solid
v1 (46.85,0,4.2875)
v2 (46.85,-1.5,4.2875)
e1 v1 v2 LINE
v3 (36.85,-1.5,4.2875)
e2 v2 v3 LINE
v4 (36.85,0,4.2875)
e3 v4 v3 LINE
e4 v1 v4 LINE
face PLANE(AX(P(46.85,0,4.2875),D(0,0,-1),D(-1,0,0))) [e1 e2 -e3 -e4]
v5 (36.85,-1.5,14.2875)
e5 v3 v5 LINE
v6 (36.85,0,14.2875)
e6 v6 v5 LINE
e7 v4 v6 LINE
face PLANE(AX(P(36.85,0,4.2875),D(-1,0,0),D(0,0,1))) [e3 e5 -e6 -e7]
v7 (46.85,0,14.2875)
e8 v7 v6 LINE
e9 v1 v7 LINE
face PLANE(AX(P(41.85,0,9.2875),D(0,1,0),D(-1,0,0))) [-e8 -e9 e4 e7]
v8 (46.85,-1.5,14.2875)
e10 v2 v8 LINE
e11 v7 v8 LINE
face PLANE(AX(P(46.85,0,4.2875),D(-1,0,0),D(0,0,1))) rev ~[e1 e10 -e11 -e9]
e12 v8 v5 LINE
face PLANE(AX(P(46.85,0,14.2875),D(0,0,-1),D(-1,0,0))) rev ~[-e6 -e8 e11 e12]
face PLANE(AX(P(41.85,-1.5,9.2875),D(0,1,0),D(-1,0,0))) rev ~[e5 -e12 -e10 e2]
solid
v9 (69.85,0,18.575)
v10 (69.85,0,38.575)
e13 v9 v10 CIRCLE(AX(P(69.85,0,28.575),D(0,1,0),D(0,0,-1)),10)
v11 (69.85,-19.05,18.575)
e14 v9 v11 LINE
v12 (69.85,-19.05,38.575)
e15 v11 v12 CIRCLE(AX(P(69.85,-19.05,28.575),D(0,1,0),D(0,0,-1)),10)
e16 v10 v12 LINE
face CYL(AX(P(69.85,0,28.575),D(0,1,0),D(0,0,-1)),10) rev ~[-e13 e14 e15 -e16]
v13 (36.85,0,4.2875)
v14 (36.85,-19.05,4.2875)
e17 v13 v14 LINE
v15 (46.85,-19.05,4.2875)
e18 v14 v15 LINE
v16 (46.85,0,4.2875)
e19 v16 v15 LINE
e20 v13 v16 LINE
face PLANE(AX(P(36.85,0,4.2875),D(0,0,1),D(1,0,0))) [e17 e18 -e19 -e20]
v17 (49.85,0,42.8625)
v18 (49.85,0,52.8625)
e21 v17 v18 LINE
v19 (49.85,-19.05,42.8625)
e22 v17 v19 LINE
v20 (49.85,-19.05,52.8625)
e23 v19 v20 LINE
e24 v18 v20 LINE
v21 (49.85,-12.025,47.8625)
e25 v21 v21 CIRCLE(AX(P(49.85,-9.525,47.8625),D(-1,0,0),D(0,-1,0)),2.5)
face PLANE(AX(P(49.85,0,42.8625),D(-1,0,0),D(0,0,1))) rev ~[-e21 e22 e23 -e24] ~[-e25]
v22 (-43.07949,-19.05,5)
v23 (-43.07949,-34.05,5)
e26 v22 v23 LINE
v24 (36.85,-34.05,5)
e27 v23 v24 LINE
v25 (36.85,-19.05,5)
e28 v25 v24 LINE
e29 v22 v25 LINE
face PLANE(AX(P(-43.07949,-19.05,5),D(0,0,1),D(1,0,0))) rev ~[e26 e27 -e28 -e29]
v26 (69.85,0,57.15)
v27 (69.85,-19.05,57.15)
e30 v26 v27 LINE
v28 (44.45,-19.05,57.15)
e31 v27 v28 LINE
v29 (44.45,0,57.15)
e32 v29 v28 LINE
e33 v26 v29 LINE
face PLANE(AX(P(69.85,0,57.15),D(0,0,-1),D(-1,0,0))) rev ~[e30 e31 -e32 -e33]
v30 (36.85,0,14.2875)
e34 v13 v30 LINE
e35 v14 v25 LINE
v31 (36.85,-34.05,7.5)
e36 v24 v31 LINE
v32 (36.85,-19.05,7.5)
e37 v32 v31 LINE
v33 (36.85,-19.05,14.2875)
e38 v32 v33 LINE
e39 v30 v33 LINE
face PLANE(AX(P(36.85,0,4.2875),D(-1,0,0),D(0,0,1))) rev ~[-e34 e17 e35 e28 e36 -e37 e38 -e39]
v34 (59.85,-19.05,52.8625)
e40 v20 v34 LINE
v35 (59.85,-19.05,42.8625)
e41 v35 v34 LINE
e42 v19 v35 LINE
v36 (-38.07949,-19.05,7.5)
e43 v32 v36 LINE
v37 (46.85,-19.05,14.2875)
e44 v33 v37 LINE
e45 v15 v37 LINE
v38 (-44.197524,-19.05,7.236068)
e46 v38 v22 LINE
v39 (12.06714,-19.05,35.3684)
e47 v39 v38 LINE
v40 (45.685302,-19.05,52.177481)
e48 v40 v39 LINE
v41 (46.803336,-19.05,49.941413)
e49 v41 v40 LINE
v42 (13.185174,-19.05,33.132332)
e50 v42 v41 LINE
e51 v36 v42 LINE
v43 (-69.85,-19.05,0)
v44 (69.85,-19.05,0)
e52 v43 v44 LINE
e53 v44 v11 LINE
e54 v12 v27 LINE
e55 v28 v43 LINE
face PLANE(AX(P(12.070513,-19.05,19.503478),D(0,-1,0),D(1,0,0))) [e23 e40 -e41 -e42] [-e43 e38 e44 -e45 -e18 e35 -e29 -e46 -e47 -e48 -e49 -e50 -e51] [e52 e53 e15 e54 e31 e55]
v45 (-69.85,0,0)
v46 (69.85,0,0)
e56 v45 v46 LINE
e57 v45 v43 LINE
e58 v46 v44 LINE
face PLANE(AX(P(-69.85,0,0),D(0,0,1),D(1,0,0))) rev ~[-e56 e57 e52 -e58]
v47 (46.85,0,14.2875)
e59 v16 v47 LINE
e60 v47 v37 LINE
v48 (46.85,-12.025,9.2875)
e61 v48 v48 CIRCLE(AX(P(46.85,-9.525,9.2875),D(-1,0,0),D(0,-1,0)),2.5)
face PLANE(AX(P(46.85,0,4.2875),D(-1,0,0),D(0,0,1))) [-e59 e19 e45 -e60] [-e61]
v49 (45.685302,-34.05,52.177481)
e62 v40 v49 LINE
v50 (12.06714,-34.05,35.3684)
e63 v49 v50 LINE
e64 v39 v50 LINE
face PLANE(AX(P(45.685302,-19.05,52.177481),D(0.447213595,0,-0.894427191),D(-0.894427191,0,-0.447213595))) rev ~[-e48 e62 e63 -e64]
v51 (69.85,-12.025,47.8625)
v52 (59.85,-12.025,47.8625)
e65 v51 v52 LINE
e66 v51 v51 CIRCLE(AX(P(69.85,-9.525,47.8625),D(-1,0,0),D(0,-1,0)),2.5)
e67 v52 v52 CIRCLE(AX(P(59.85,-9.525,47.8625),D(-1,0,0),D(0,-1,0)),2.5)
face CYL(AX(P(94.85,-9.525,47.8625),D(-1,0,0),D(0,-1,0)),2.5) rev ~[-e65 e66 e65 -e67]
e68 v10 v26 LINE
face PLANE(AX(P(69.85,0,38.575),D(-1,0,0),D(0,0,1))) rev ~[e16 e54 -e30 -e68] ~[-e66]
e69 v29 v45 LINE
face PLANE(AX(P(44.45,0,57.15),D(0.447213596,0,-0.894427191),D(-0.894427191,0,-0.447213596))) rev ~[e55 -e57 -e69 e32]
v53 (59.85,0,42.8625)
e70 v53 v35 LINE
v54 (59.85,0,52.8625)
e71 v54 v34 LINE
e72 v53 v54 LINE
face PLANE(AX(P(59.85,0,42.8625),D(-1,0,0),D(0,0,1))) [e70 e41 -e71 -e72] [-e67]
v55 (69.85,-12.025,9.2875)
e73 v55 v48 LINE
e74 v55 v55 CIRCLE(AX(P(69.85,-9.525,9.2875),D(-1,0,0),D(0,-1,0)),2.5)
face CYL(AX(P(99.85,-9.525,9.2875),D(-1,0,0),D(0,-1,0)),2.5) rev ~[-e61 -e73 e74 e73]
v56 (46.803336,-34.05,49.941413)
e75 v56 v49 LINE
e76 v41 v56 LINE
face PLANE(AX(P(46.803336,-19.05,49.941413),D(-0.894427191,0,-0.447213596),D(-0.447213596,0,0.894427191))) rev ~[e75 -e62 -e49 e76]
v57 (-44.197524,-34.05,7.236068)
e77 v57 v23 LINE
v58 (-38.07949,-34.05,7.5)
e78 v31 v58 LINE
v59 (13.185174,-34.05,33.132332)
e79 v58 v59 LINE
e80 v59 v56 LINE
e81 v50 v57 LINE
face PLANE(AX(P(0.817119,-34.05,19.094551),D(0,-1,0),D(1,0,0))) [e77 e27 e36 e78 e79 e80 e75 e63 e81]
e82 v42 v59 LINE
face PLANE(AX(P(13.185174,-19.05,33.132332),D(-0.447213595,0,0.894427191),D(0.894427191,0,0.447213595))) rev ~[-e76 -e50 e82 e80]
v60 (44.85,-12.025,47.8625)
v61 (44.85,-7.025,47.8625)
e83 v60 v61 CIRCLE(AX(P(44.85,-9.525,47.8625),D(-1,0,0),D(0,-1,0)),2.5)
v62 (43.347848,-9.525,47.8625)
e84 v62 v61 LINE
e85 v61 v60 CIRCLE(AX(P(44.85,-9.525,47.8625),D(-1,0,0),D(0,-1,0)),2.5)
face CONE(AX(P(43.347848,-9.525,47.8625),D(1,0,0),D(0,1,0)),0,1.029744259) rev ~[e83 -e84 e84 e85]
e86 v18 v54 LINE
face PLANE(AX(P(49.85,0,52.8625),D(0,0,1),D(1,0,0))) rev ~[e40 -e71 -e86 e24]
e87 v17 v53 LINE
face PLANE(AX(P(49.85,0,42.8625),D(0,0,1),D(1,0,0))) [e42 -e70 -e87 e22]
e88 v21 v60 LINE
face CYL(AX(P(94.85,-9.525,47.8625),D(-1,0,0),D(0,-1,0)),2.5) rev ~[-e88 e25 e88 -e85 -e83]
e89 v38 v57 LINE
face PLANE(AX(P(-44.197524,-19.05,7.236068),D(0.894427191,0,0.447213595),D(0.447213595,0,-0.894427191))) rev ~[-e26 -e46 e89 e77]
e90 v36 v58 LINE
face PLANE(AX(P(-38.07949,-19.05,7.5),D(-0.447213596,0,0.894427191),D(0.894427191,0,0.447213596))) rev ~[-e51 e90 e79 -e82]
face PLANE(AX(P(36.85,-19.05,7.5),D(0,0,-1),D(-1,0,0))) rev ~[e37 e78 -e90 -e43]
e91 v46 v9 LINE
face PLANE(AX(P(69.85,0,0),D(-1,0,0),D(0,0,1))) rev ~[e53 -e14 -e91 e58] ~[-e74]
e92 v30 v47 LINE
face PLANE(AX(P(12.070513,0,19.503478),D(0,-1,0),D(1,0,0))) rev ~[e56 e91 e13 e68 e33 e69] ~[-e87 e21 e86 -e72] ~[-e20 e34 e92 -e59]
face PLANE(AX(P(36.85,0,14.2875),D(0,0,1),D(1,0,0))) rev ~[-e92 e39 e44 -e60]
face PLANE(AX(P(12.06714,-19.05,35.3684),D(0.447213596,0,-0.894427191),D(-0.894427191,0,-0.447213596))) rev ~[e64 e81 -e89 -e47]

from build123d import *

# Parameters (mm, degrees)
F0_W     = 10
F0_H     = 10
F1_DEPTH = 19.05
F3_DEPTH = 15
F5_D     = 5
F5_DEPTH = 30
F5_TIP   = 1.5021515476
F6_W     = 10
F6_H     = 10
F7_DEPTH = 1.5
F9_D     = 5
F9_DEPTH = 25
F9_TIP   = 1.5021515476


with BuildPart() as f1:
    # F0 (on Front) → F1 (new body)
    with BuildSketch(Plane.XZ):
        with BuildLine():
            Line((44.45, 57.15), (-69.85, 0))
            Line((-69.85, 0), (69.85, 0))
            Line((69.85, 0), (69.85, 18.575))
            ThreePointArc((69.85, 18.575), (59.85, 28.575), (69.85, 38.575))
            Line((69.85, 38.575), (69.85, 57.15))
            Line((69.85, 57.15), (44.45, 57.15))
        make_face()
        with Locations((41.85, 9.2875)):
            Rectangle(F0_W, F0_H, mode=Mode.SUBTRACT)
        with Locations((54.85, 47.8625)):
            Rectangle(F0_W, F0_H, mode=Mode.SUBTRACT)
    extrude(amount=F1_DEPTH)

    # F2 (on face) → F3 (join)
    with BuildSketch(Plane.XZ.offset(19.05)):
        Polygon((45.6853015441, 52.1774808283), (12.0671401638, 35.3684001382), (-44.1975241575, 7.2360679775), (-43.0794901688, 5), (36.85, 5), (36.85, 7.5), (36.7782227695, 7.5), (-38.0794901688, 7.5), (13.1851741526, 33.1323321607), (46.8033355329, 49.9414128508), align=None)
    extrude(amount=F3_DEPTH)

    # F5
    with Locations(Plane.YZ.offset(69.85)):
        with Locations((-9.525, 9.2875)):
            Hole(F5_D / 2, depth=F5_DEPTH)
            with Locations((0, 0, -(F5_DEPTH + F5_TIP / 2))):  # 118° drill point
                Cone(0, F5_D / 2, F5_TIP, mode=Mode.SUBTRACT)

    # F9
    with Locations(Plane.YZ.offset(69.85)):
        with Locations((-9.525, 47.8625)):
            Hole(F9_D / 2, depth=F9_DEPTH)
            with Locations((0, 0, -(F9_DEPTH + F9_TIP / 2))):  # 118° drill point
                Cone(0, F9_D / 2, F9_TIP, mode=Mode.SUBTRACT)


with BuildPart() as f7:
    # F6 (on face) → F7 (new body)
    with BuildSketch(Plane(origin=(0, 0, 0), x_dir=(-1, 0, 0), z_dir=(0, 1, 0))):
        with Locations((-41.85, 9.2875)):
            Rectangle(F6_W, F6_H)
    extrude(amount=-F7_DEPTH)


solid = Compound([f1.part, f7.part])
